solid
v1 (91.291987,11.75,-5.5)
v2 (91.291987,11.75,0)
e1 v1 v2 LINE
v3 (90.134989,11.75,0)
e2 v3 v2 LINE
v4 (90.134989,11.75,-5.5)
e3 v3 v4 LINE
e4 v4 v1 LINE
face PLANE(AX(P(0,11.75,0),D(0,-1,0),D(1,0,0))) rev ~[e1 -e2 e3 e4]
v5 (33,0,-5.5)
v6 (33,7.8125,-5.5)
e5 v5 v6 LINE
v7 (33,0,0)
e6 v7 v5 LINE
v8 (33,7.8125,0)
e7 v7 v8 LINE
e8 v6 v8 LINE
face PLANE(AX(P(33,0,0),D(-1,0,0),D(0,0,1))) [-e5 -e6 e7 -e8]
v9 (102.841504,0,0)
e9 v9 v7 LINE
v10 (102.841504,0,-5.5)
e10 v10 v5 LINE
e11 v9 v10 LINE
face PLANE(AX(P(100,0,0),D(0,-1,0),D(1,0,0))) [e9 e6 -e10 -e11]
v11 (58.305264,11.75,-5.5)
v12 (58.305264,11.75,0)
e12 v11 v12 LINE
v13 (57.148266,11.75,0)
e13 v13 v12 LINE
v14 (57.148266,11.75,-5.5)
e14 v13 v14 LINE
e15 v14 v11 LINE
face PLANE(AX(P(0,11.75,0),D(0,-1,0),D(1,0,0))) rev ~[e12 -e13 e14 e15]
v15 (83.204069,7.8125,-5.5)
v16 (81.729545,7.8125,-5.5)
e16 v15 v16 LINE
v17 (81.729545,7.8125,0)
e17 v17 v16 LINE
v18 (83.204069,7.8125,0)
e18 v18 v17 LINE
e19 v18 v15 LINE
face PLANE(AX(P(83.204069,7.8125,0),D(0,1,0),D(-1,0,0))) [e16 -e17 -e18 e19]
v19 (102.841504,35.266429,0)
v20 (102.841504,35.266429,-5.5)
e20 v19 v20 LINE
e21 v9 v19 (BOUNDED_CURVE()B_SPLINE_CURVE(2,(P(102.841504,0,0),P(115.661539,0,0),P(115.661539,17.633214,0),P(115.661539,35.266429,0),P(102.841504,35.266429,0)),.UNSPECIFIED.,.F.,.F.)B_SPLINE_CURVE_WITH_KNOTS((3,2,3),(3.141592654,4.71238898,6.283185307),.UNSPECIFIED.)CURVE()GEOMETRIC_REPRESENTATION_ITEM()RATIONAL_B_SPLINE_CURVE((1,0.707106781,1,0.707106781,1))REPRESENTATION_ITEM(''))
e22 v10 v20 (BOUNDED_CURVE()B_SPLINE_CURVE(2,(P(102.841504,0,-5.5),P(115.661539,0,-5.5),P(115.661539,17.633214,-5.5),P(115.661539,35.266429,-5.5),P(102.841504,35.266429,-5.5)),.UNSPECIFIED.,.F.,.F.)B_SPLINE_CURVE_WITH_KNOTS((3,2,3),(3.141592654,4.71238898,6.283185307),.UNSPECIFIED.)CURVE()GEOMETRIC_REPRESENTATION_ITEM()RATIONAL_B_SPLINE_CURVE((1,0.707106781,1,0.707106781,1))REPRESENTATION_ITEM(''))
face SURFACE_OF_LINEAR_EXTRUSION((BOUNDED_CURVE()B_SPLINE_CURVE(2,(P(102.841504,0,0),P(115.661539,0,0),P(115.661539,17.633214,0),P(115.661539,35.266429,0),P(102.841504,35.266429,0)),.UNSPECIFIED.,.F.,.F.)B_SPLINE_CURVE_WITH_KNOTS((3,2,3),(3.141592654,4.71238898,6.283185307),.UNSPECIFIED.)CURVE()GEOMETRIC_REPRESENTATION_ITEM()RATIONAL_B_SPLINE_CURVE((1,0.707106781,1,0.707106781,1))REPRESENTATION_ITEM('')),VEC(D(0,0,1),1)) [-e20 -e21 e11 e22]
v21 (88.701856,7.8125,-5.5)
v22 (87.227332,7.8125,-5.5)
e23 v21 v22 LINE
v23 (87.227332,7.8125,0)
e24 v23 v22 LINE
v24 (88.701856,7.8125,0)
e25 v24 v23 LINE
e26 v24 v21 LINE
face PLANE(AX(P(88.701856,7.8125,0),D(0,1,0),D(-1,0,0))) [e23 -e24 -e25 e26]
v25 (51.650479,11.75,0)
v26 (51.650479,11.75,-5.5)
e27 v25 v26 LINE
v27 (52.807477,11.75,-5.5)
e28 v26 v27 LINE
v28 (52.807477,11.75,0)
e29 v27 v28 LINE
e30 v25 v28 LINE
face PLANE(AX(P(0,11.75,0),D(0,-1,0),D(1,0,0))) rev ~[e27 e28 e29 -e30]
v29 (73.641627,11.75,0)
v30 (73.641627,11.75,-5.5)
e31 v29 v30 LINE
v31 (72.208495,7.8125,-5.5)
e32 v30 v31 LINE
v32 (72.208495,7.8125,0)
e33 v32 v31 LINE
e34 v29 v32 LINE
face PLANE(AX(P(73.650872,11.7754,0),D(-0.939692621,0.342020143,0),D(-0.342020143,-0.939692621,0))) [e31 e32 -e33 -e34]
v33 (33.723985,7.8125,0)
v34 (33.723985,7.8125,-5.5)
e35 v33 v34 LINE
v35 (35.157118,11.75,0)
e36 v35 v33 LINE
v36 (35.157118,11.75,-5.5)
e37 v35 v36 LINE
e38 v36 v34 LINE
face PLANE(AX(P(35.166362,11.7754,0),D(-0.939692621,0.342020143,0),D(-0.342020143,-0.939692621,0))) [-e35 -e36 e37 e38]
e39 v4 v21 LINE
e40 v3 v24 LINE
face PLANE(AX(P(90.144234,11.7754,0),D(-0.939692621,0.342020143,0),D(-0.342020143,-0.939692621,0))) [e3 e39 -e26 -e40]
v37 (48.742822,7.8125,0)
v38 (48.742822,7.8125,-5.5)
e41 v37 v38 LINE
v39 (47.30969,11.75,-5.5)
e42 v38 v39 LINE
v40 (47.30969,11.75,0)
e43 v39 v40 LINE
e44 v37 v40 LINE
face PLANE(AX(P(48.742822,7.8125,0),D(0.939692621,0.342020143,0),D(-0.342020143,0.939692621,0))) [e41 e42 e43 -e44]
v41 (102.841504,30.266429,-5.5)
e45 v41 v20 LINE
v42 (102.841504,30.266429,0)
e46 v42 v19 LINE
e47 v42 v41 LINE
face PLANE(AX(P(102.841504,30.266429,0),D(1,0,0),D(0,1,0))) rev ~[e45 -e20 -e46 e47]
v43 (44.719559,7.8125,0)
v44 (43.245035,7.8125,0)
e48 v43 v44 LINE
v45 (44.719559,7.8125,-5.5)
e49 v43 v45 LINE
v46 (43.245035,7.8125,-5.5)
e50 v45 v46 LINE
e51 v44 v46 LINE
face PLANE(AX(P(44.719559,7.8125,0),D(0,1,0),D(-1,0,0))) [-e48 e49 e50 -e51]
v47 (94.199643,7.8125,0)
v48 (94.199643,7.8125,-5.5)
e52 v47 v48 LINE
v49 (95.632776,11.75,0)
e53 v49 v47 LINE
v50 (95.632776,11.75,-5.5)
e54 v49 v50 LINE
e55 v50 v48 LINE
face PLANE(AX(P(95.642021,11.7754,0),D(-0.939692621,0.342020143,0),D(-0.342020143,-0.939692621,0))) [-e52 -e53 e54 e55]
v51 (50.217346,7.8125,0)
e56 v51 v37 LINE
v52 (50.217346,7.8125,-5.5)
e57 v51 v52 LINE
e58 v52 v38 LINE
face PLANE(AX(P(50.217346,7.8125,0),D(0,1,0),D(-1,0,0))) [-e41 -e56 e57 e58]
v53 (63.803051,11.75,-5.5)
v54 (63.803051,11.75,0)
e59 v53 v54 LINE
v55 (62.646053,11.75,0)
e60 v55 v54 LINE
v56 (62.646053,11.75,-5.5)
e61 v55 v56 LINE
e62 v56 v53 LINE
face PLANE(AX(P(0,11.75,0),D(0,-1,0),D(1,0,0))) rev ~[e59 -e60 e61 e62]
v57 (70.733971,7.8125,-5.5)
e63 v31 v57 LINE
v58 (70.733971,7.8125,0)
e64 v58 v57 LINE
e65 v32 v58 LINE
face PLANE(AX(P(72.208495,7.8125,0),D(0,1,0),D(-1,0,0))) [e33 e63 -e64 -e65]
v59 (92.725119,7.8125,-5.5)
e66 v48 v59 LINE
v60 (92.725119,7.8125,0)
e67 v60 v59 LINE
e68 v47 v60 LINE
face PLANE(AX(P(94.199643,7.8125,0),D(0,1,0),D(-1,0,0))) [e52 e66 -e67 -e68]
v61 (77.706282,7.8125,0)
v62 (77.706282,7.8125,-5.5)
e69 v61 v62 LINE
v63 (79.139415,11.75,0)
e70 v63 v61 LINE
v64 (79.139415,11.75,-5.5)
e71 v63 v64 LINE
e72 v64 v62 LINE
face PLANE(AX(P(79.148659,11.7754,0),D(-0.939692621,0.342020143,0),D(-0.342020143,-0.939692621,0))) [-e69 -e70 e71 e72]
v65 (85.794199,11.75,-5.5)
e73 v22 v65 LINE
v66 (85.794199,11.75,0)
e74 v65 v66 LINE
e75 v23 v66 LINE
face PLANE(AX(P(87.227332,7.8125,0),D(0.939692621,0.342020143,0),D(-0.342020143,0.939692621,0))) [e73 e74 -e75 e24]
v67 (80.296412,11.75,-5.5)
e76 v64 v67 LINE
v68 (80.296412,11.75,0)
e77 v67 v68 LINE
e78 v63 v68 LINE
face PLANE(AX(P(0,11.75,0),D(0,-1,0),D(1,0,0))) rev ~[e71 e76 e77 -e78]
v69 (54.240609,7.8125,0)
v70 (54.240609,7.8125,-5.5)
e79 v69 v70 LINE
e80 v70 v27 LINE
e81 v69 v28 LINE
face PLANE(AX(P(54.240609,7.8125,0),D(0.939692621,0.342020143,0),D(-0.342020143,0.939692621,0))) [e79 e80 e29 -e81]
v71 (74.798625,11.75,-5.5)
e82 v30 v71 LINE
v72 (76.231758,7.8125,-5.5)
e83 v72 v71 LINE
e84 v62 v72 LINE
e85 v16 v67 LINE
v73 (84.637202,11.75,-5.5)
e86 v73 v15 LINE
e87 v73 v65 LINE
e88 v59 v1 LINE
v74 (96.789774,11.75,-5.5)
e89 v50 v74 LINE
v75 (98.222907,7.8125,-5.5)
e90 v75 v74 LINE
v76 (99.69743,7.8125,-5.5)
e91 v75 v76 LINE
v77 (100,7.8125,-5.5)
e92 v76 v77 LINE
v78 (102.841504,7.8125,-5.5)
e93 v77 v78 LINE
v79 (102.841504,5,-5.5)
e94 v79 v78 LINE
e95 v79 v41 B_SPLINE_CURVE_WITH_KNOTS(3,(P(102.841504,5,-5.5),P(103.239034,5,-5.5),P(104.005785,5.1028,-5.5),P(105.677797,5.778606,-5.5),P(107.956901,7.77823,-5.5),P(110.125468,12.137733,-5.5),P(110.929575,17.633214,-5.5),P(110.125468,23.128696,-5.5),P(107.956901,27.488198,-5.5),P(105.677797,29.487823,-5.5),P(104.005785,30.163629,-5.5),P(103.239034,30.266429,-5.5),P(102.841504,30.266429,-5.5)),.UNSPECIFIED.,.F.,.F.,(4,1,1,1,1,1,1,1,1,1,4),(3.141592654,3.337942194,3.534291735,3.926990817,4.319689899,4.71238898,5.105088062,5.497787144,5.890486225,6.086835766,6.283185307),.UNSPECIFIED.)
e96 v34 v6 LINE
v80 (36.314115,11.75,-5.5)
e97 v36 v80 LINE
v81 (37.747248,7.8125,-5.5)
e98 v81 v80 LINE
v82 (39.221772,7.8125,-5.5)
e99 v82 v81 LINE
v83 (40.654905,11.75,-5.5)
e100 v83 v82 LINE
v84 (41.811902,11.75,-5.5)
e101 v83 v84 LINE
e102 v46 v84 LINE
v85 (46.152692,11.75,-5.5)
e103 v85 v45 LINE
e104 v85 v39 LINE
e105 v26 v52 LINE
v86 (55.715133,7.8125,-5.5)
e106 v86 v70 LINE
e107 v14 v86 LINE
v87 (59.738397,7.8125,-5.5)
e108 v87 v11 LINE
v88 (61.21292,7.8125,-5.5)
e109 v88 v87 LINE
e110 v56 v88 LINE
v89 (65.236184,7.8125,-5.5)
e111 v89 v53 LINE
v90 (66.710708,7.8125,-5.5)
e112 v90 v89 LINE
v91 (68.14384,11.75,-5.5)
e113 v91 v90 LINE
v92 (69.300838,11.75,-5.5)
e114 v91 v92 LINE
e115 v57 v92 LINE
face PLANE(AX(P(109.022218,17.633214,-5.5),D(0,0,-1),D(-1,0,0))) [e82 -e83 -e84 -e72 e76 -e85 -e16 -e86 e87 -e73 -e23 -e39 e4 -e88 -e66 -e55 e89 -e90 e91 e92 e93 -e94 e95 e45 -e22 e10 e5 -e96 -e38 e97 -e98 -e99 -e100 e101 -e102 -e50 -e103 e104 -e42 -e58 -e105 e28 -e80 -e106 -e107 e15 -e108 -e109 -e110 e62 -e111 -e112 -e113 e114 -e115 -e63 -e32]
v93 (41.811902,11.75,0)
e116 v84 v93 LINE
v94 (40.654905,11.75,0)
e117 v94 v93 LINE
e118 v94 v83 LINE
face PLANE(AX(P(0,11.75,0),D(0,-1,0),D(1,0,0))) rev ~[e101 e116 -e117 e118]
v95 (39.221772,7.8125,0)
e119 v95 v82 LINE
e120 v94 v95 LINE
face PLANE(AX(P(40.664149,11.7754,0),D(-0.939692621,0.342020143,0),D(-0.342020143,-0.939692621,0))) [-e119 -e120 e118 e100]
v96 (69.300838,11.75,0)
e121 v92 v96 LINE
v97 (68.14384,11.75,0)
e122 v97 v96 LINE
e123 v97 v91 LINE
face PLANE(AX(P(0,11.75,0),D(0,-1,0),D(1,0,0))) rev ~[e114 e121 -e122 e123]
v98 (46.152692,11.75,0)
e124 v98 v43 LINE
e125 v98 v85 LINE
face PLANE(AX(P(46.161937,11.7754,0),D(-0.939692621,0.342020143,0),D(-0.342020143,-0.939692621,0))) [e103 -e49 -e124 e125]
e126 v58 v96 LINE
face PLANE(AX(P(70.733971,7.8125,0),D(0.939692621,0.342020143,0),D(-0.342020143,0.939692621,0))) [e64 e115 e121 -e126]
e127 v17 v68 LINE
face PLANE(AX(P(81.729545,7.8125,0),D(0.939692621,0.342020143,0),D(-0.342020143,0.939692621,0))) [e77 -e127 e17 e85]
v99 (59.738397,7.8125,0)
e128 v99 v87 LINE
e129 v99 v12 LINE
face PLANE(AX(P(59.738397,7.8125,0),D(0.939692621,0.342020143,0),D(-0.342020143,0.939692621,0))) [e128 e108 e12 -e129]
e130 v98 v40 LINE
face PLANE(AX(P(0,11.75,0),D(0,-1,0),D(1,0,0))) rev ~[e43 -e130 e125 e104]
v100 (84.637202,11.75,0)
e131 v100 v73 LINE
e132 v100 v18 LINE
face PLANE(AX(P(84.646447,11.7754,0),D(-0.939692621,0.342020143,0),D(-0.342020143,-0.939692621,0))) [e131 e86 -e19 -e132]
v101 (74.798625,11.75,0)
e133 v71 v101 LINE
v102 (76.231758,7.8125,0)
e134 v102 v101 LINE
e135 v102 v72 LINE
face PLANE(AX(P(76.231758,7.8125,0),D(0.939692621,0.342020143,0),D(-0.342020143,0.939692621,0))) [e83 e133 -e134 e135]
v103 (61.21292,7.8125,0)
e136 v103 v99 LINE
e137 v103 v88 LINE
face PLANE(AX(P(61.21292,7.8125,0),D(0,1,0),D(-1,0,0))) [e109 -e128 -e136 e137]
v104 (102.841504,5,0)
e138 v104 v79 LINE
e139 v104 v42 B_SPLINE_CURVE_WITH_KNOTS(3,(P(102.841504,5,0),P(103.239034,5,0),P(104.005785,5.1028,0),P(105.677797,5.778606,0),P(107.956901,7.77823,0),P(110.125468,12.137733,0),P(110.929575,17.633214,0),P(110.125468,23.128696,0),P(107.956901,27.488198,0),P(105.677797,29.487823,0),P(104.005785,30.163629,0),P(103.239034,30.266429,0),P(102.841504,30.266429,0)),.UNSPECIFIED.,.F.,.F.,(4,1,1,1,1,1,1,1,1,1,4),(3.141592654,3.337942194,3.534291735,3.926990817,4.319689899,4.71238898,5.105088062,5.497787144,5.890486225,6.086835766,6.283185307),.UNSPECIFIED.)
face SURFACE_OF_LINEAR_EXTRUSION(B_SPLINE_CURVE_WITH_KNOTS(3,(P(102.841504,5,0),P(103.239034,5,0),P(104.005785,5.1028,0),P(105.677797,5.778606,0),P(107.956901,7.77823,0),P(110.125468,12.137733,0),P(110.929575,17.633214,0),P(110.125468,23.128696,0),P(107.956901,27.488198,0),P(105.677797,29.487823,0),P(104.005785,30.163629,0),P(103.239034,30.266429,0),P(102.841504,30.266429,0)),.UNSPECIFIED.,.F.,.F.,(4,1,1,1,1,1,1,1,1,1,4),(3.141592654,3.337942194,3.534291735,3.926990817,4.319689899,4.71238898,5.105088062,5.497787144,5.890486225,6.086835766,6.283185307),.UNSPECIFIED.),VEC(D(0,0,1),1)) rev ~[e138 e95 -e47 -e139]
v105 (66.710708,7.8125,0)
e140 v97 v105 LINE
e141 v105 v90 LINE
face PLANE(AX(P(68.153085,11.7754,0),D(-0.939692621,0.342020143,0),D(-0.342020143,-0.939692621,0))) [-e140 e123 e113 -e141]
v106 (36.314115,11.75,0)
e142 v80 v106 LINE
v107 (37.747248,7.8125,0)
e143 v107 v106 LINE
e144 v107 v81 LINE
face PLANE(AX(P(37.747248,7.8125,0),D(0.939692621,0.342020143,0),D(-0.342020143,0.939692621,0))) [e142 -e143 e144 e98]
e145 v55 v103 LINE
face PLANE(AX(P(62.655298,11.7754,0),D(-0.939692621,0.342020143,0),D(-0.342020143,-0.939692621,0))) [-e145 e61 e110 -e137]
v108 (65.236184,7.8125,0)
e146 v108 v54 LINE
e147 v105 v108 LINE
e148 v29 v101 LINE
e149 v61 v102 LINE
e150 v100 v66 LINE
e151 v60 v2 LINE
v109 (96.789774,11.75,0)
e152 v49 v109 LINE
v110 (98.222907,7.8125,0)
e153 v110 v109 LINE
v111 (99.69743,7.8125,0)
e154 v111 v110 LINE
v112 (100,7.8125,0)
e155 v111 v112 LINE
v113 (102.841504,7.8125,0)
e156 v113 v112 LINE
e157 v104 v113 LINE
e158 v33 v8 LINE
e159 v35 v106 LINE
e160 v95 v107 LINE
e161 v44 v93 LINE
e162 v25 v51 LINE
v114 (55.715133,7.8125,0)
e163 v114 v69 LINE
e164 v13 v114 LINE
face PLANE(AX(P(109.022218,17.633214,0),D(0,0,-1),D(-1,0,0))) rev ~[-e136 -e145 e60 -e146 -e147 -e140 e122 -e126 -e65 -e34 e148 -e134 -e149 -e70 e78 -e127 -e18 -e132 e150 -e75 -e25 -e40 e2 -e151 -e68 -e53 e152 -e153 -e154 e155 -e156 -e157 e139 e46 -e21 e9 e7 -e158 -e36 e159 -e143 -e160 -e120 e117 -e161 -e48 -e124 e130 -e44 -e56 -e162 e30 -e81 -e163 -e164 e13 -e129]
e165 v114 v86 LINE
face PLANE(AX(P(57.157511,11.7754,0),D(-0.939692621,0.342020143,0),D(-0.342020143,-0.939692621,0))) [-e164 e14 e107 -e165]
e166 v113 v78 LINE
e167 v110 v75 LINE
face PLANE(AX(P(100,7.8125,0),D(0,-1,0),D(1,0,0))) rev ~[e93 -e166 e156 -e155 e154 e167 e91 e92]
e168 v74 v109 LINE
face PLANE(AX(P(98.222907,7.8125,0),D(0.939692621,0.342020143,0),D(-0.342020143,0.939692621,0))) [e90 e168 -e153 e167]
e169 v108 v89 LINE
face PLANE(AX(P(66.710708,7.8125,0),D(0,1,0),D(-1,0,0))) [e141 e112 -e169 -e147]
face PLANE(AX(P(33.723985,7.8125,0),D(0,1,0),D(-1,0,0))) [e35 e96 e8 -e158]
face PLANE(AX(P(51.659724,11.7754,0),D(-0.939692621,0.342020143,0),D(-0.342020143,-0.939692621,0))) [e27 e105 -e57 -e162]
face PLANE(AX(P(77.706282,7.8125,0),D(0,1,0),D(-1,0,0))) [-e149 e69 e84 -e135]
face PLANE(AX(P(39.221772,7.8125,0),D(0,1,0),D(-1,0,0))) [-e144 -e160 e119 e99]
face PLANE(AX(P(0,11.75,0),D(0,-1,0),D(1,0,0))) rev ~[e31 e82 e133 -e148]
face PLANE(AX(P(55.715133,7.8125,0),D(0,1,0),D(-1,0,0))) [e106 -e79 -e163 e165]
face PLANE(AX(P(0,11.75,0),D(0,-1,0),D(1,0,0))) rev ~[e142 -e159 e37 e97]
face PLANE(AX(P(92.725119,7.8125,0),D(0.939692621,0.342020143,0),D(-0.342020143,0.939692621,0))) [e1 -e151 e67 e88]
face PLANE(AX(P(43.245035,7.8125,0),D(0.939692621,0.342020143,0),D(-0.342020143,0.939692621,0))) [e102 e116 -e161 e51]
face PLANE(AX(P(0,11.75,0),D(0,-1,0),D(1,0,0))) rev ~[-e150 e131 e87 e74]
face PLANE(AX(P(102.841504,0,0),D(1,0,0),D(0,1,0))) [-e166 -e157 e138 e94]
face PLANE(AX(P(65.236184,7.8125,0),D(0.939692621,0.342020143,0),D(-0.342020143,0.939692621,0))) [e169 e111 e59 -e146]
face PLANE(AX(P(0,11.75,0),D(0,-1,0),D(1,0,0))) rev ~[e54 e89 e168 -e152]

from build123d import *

# Parameters (mm, degrees)
BLANKSKE_W          = 100
BLANKSKE_H          = 11.75
BLANK_DEPTH         = 10
TOOTHCUTSIM_DEPTH   = 102.183311371
TEETHCUTS_COUNT     = 19
TEETHCUTS_PITCH     = 5.497787137
SKETCH_3_W          = 2.841503757
SKETCH_3_H          = 7.8125
EXTRUDE_1_DEPTH     = 10
EXTRUDE_2_DEPTH     = 5.5
SKETCH_6_W          = 102.841503757
SKETCH_6_H          = 15
CUT_EXTRUDE_2_DEPTH = 4.5
SKETCH_7_W          = 1.160244479
SKETCH_7_H          = 1.204796587
CUT_EXTRUDE_3_DEPTH = 5.5
SKETCH_8_W          = 16.666168626
SKETCH_8_H          = 26.64996686
CUT_EXTRUDE_5_DEPTH = 33


with BuildPart() as part:
    # BlankSke → Blank (new body)
    with BuildSketch(Plane.XY):
        with Locations((50, 5.875)):
            Rectangle(BLANKSKE_W, BLANKSKE_H)
    extrude(amount=-BLANK_DEPTH)

    # TooCutSkeSim → ToothCutSim (cut, through all)
    with BuildSketch(Plane.XY):
        Polygon((0.737261897, 7.8125), (-0.737261897, 7.8125), (-2.179639538, 11.7754), (2.179639538, 11.7754), align=None)
    toothcutsim = extrude(amount=-TOOTHCUTSIM_DEPTH, mode=Mode.SUBTRACT)

    # TeethCuts: ToothCutSim ×19
    with Locations(*[(i * TEETHCUTS_PITCH, 0, 0) for i in range(1, TEETHCUTS_COUNT)]):
        add(toothcutsim, mode=Mode.SUBTRACT)

    # 草图3 → 凸台-拉伸1 (add)
    with BuildSketch(Plane.XY):
        with Locations((101.420751878, 3.90625)):
            Rectangle(SKETCH_3_W, SKETCH_3_H)
    extrude(amount=-EXTRUDE_1_DEPTH)

    # 草图5 → 凸台-拉伸2 (add)
    with BuildSketch(Plane.XY):
        with BuildLine():
            Line((102.841503757, 0), (102.841503757, 5))
            add(Edge.make_bspline(
                [(102.841503757, 5), (103.239034049, 5), (104.005784609, 5.102799889), (105.677797401, 5.778606013), (107.956900824, 7.77823047), (110.125468295, 12.137732801), (110.929574998, 17.633214309), (110.125468295, 23.128695817), (107.956900824, 27.488198148), (105.677797401, 29.487822605), (104.005784609, 30.163628729), (103.239034049, 30.266428618), (102.841503757, 30.266428618)],
                knots=[3.141592654, 3.141592654, 3.141592654, 3.141592654, 3.337942194, 3.534291735, 3.926990817, 4.319689899, 4.71238898, 5.105088062, 5.497787144, 5.890486225, 6.086835766, 6.283185307, 6.283185307, 6.283185307, 6.283185307], degree=3))
            Line((102.841503757, 30.266428618), (102.841503757, 35.266428618))
            add(Edge.make_bspline(
                [(102.841503757, 0), (115.66153943, 0), (115.66153943, 17.633214309), (115.66153943, 35.266428618), (102.841503757, 35.266428618)],
                knots=[3.141592654, 3.141592654, 3.141592654, 4.71238898, 4.71238898, 6.283185307, 6.283185307, 6.283185307], degree=2, weights=[1, 0.707106781, 1, 0.707106781, 1]))
        make_face()
    extrude(amount=-EXTRUDE_2_DEPTH)

    # 草图6 → 切除-拉伸2 (cut)
    with BuildSketch(Plane(origin=(0, 0, -10), x_dir=(-1, 0, 0), z_dir=(0, 0, -1))):
        with Locations((-51.420751879, 7.5)):
            Rectangle(SKETCH_6_W, SKETCH_6_H)
    extrude(amount=-CUT_EXTRUDE_2_DEPTH, mode=Mode.SUBTRACT)

    # 草图7 → 切除-拉伸3 (cut)
    with BuildSketch(Plane.XY):
        with Locations((99.931909363, 8.414898294)):
            Rectangle(SKETCH_7_W, SKETCH_7_H)
    extrude(amount=-CUT_EXTRUDE_3_DEPTH, mode=Mode.SUBTRACT)

    # 草图8 → 切除-拉伸5 (cut)
    with BuildSketch(Plane.ZY):
        Rectangle(SKETCH_8_W, SKETCH_8_H)
    extrude(amount=-CUT_EXTRUDE_5_DEPTH, mode=Mode.SUBTRACT)


solid = part.part
